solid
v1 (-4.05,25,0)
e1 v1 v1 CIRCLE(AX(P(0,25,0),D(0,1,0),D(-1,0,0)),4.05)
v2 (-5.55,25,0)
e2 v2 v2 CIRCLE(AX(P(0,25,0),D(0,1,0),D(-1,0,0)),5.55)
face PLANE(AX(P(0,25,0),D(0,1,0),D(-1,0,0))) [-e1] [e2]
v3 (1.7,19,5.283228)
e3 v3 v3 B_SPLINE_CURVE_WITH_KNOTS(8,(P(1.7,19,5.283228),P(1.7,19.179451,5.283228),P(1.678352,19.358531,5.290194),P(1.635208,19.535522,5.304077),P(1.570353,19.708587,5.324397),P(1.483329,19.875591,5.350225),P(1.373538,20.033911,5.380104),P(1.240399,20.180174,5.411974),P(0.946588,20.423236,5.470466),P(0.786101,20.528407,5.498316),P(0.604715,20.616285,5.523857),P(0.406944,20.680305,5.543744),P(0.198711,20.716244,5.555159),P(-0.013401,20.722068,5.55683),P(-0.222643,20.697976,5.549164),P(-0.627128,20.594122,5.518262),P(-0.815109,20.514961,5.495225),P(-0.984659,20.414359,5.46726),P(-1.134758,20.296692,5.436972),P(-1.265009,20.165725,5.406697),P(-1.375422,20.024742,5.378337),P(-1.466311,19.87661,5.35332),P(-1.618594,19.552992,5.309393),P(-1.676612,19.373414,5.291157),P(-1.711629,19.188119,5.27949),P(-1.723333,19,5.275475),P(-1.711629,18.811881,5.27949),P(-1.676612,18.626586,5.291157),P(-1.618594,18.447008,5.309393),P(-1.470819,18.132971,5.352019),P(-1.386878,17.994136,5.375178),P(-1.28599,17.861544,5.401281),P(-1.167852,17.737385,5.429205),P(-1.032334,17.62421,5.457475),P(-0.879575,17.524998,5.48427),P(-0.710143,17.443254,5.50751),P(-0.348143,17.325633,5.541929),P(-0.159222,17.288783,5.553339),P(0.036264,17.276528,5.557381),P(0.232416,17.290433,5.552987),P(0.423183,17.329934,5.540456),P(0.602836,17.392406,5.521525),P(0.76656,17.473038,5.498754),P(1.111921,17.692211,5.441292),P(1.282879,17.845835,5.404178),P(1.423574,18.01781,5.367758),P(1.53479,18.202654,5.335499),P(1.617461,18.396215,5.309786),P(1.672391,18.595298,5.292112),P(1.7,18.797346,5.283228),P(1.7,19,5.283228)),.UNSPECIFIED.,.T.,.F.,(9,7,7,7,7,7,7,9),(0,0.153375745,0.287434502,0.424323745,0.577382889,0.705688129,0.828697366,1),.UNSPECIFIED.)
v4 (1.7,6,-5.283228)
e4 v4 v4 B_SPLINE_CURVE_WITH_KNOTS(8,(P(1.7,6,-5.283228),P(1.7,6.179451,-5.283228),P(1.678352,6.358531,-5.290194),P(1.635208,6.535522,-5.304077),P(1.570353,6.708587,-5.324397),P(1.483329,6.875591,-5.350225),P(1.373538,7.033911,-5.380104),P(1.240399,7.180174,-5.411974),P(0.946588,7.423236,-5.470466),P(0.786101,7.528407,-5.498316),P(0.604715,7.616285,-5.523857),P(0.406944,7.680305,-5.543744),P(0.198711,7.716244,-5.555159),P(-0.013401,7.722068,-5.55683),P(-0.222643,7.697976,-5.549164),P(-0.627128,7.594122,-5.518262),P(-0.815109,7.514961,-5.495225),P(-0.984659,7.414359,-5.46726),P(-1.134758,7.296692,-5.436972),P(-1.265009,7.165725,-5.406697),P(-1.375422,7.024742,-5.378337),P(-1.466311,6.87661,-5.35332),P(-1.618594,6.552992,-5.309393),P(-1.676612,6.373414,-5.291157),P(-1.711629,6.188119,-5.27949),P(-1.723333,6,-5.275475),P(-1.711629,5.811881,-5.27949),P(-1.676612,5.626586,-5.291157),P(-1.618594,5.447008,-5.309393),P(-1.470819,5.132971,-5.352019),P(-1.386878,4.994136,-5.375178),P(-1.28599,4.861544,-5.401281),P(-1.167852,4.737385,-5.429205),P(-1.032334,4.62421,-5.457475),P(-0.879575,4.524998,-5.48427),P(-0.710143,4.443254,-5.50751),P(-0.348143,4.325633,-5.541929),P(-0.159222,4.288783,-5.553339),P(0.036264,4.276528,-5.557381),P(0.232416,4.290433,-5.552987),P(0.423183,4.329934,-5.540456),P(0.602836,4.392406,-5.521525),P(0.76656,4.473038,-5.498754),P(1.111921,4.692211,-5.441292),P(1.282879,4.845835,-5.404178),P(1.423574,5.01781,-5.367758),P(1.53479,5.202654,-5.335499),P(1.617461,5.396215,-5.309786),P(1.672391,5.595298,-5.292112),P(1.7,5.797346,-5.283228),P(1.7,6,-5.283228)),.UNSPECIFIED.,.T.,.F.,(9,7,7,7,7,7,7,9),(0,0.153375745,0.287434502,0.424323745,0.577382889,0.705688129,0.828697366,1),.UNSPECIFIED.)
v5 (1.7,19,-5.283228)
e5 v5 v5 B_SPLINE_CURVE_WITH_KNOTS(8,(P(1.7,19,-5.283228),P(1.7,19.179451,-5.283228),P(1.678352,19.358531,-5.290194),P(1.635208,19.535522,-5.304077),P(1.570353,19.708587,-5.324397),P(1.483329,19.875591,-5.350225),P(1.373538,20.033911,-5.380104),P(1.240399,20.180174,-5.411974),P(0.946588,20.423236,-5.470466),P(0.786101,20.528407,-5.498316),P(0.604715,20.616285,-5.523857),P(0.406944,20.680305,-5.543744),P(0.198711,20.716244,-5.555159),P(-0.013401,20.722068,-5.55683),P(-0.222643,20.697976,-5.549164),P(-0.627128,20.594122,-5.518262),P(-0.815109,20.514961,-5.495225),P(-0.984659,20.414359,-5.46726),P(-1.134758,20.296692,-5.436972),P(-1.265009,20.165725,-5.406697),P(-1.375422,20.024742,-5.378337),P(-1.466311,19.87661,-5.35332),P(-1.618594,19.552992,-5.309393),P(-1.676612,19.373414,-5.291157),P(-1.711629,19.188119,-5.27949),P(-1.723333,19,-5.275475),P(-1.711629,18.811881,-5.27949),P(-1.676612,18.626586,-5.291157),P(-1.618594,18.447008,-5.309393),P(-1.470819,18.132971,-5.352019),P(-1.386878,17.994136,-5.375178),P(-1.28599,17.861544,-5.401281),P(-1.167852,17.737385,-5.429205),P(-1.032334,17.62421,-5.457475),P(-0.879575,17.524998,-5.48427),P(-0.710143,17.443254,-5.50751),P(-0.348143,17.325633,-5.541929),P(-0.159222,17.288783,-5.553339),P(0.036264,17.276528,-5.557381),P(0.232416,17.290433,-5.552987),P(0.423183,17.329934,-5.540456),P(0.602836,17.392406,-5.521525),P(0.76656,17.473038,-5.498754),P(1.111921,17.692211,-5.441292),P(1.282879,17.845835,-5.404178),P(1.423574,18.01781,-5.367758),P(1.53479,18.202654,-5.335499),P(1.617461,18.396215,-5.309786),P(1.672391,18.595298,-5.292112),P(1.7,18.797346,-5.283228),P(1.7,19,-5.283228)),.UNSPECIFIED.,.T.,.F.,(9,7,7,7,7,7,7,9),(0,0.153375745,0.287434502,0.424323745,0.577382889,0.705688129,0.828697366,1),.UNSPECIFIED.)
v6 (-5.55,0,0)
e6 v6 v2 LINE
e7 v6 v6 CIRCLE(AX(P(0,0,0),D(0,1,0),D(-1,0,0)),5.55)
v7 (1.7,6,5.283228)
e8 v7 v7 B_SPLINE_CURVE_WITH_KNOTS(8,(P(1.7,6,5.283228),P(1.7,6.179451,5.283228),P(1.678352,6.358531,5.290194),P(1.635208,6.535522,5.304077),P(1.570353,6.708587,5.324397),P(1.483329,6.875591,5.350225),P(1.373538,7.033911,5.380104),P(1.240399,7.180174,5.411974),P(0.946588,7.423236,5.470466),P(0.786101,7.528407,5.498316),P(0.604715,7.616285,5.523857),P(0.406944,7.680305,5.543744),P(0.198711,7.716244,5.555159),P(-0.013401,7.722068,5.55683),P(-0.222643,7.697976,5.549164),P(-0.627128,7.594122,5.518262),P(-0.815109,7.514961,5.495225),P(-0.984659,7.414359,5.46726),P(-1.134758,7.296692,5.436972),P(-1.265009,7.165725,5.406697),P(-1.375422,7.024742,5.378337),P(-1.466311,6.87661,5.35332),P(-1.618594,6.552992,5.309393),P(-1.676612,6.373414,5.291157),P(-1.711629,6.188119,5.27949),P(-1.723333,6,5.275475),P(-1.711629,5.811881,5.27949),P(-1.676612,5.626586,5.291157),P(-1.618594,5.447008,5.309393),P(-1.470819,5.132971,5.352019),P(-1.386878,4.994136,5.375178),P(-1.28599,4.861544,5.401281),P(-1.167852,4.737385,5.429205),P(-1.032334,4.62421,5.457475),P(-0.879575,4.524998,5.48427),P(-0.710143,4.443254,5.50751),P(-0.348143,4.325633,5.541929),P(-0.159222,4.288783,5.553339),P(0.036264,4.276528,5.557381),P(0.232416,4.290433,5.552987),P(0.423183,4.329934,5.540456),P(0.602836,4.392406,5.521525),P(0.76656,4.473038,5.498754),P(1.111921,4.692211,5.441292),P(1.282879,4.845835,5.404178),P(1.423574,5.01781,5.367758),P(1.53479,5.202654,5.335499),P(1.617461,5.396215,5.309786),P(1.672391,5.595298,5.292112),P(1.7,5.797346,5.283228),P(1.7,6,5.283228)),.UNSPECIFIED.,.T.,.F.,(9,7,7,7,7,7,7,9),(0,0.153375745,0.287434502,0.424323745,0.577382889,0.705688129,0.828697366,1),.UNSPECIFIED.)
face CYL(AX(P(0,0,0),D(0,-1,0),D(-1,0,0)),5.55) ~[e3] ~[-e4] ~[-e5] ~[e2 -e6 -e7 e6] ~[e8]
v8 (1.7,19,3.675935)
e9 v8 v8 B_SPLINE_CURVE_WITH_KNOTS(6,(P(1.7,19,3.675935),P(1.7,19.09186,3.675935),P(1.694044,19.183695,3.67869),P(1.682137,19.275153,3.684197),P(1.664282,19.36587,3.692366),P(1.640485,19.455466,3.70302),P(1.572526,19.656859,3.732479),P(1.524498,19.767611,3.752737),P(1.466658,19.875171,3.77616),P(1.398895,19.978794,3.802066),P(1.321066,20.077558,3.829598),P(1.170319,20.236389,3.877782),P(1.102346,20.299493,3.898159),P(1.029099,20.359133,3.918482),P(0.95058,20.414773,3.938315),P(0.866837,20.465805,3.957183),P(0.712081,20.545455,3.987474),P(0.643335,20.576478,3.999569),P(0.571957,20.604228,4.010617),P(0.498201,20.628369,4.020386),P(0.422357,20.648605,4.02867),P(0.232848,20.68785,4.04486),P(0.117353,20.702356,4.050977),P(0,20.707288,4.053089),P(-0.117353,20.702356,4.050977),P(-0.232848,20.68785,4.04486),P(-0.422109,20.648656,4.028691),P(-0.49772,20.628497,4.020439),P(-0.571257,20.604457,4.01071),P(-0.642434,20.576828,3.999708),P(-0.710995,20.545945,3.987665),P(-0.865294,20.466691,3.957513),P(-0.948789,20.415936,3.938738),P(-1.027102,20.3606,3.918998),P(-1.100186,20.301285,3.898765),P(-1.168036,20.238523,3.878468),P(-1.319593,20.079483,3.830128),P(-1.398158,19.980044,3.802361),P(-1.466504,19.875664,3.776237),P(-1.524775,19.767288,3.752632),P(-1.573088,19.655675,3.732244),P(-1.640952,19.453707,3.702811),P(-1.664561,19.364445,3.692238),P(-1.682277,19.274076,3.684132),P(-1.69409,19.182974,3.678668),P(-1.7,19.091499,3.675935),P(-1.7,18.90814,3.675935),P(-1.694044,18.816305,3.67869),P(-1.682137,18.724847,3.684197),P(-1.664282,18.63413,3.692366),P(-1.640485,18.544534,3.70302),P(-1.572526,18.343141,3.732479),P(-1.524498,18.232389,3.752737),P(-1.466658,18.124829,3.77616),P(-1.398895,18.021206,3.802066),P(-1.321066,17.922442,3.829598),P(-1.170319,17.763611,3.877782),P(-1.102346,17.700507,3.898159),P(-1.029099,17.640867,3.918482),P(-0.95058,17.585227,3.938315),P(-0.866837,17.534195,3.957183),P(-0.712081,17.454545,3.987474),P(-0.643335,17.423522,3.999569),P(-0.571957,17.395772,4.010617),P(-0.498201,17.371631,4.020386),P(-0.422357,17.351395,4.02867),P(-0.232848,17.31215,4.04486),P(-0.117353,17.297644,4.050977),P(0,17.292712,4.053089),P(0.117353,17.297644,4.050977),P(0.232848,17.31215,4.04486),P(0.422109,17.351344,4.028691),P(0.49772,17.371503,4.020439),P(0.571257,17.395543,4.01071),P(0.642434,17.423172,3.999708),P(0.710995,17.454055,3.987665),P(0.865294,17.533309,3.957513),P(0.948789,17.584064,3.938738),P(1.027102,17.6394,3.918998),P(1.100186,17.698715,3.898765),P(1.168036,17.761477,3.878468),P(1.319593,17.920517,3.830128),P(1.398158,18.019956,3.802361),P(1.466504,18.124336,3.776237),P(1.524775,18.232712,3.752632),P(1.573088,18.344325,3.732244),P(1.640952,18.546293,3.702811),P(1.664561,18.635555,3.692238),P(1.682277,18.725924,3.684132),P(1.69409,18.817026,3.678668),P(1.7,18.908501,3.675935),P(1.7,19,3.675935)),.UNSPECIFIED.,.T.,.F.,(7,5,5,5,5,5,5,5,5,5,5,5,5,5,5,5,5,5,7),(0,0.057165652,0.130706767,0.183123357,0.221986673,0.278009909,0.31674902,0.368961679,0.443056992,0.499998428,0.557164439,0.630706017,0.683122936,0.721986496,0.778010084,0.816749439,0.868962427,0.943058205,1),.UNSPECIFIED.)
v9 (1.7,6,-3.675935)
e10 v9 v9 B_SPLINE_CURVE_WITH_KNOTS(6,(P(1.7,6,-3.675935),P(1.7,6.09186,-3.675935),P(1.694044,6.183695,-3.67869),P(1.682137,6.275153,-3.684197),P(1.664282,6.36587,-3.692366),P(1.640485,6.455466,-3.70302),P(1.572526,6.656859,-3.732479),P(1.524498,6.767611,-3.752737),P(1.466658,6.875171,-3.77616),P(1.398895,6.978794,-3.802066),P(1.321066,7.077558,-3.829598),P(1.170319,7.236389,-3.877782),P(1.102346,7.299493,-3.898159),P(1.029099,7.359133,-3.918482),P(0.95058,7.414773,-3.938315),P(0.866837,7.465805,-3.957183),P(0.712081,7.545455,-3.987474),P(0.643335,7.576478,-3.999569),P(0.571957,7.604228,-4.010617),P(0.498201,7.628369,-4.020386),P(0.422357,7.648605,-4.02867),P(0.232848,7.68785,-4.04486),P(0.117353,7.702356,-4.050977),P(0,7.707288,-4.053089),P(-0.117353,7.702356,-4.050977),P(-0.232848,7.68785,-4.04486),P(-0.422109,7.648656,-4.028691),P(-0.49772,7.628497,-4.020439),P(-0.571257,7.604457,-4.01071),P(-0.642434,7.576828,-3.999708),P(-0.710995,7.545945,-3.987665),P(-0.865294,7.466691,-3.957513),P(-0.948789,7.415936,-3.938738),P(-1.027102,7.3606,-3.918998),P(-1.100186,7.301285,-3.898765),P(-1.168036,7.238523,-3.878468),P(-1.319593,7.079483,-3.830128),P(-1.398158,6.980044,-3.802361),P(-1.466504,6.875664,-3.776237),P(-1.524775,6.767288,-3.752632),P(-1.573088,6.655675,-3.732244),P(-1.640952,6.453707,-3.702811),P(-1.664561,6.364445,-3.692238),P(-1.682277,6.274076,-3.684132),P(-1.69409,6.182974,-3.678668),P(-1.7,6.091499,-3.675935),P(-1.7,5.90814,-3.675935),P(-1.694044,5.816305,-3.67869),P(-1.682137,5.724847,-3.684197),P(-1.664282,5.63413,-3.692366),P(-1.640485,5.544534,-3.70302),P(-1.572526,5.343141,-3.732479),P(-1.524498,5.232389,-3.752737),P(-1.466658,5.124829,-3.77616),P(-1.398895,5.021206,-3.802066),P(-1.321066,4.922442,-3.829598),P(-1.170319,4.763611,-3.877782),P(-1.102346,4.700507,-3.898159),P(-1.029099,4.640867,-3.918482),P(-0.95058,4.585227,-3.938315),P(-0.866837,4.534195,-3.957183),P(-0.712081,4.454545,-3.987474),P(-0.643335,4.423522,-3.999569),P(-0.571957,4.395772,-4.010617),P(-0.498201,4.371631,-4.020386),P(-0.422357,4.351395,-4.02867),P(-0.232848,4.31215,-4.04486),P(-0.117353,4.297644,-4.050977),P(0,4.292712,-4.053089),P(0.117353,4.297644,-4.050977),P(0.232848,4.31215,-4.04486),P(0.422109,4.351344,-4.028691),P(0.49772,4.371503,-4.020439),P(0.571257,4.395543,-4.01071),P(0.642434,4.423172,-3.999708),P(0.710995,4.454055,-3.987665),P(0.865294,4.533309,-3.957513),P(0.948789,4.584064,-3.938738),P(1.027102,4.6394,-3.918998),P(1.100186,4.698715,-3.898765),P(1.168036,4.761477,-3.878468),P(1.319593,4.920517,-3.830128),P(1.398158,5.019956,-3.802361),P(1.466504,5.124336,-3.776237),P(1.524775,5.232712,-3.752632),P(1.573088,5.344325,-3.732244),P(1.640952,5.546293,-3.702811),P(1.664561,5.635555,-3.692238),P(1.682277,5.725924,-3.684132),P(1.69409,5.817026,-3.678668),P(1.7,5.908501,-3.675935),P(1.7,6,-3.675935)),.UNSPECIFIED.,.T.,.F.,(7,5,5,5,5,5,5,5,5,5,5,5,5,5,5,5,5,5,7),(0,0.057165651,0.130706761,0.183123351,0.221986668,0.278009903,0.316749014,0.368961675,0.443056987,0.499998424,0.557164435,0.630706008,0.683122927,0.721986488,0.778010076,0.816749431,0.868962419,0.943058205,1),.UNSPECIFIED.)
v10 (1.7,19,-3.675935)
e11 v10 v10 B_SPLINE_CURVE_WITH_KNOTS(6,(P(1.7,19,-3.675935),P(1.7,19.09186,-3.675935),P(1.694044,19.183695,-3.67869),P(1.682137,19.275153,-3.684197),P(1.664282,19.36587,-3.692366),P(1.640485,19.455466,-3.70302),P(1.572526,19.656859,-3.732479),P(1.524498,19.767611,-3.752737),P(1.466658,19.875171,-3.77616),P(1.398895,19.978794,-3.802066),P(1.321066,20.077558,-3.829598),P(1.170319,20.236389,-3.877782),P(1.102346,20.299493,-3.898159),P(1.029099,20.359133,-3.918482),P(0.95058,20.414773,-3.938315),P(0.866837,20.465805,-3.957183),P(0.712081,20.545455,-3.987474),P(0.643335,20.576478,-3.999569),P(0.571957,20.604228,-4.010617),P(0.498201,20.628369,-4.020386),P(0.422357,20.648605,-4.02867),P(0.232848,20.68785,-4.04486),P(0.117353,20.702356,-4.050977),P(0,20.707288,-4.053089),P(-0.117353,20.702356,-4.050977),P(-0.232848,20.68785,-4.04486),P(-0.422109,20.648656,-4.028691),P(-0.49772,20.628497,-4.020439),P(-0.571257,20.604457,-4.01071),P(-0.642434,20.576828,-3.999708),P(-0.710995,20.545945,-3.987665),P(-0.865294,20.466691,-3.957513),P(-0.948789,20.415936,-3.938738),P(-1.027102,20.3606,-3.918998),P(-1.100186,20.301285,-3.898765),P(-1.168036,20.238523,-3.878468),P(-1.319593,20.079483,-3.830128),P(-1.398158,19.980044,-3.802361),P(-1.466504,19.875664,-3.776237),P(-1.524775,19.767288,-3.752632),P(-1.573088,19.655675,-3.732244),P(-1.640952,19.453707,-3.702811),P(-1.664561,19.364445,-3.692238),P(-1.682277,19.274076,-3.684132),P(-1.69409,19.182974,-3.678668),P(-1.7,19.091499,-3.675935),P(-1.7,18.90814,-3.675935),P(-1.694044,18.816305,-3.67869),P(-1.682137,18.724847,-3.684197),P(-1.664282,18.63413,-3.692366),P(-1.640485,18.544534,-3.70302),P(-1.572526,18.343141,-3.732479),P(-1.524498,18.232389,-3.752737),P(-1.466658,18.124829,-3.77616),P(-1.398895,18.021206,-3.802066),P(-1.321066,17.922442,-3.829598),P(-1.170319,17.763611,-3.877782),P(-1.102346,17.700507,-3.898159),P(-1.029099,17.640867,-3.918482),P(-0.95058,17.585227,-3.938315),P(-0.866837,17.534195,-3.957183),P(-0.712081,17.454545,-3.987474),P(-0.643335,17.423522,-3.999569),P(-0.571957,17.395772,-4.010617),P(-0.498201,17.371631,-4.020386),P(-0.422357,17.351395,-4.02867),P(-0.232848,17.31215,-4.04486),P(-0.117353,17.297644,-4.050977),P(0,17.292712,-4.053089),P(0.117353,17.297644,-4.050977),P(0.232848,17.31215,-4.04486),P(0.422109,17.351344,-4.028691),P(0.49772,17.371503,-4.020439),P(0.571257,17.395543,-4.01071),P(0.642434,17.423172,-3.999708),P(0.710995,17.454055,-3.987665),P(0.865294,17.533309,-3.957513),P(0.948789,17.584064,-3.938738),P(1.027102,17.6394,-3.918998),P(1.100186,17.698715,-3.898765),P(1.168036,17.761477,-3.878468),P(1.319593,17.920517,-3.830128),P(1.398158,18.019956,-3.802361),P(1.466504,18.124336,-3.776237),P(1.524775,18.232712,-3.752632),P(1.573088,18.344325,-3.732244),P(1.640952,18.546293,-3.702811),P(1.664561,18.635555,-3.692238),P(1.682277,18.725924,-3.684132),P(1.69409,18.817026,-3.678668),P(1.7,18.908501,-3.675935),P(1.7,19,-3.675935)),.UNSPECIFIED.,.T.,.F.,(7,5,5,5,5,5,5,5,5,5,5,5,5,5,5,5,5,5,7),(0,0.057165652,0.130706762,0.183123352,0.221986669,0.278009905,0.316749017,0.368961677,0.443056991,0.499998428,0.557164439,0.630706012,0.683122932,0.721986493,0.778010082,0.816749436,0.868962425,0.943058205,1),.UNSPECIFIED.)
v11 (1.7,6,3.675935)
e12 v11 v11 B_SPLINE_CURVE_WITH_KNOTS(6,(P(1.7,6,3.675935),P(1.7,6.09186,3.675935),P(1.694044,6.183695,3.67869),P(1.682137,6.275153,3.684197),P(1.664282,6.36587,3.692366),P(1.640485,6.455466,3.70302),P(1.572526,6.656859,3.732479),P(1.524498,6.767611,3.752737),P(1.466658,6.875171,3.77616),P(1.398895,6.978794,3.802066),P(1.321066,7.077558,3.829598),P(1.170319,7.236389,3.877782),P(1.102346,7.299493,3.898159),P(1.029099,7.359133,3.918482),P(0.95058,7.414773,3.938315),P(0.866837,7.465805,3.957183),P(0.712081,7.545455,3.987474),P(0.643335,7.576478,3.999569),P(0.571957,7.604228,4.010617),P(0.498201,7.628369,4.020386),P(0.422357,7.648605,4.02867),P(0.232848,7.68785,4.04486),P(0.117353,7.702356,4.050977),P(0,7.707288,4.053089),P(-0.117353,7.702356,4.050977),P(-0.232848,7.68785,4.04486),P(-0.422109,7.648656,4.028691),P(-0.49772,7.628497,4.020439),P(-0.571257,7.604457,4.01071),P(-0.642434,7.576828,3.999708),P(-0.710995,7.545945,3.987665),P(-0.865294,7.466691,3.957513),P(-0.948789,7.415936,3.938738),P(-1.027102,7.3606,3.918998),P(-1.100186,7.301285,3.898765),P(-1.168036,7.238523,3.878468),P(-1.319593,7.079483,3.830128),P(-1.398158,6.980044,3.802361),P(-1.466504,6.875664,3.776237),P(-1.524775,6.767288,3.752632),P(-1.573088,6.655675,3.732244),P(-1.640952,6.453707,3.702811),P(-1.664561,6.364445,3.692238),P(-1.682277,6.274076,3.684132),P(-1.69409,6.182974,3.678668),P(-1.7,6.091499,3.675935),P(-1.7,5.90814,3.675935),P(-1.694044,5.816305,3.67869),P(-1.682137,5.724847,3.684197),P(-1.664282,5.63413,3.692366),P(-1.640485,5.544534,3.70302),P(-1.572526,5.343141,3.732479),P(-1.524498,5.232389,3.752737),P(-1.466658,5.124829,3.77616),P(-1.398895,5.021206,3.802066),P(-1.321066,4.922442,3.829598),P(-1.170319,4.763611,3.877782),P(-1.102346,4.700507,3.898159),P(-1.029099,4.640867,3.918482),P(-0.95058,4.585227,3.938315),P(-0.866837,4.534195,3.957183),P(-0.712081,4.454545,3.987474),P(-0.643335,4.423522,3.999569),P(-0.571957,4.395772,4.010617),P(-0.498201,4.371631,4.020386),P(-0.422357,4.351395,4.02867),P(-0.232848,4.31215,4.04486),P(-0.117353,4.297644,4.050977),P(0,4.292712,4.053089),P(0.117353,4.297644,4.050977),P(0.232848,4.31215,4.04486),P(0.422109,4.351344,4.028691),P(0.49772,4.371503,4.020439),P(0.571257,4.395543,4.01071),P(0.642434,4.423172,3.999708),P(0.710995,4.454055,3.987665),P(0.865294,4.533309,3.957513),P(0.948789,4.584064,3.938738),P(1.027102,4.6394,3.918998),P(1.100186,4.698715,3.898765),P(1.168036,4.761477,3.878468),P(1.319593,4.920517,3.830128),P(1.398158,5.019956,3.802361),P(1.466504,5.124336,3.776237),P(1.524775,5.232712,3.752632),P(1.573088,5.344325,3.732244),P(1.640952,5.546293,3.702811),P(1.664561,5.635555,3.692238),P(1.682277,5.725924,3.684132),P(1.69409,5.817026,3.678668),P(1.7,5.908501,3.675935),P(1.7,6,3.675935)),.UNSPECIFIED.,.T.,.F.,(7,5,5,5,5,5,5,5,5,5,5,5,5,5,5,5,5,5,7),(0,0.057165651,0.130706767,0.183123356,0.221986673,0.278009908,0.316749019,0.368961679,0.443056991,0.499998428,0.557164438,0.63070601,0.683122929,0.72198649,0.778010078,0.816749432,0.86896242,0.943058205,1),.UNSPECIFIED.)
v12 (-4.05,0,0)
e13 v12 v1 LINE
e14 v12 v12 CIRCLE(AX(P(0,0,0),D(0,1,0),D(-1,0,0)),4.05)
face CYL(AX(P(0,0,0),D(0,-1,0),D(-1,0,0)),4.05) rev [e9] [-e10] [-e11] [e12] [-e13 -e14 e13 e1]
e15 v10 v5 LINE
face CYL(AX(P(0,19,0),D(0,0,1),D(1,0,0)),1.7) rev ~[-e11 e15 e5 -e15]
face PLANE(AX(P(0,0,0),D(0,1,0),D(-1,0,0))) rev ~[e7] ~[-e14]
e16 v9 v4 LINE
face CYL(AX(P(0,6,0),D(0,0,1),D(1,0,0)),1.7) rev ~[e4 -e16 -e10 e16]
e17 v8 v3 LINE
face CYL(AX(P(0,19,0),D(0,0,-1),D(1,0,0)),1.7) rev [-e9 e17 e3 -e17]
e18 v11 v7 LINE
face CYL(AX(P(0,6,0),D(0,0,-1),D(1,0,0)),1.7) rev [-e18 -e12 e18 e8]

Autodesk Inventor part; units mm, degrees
ref_plane "YZ Plane" through (0, 0, 0) normal (1, 0, 0) x (0, 1, 0)
ref_plane "XZ Plane" through (0, 0, 0) normal (0, 1, 0) x (-1, 0, 0)
ref_plane "XY Plane" through (0, 0, 0) normal (0, 0, 1) x (1, 0, 0)
sketch "Sketch1" plane through (0, 0, 0) normal (0, 1, 0) x (-1, 0, 0)
  circle A0 centre (0, 0) radius 5.55
  circle A1 centre (0, 0) radius 4.05
  dimension "d0" = 11.1
  dimension "d1" = 8.1
extrude "Extrusion1" add sketch "Sketch1" along normal blind 25
sketch "Sketch2" plane through (0, 0, 0) normal (0, 0, 1) x (1, 0, 0)
  line L0 (5.55, 25) -> (-5.55, 25) projected
  line L1 (5.55, 0) -> (-5.55, 0) projected
  circle A0 centre (0, 6) radius 1.7
  line L2 (5.55, 0) -> (-5.55, 0) projected
  line L3 (-4.05, 25) -> (-4.05, 0) projected
  circle A1 centre (0, 19) radius 1.7
  point P0 (0, 0)
  point P1 (0, 25)
  dimension "d4" = 3.4
  dimension "d5" = 6
  dimension "d6" = 3.4
  dimension "d7" = 6
extrude "Extrusion2" cut sketch "Sketch2" along normal mid plane 25
properties part number "ACOMPLE_PLASTICO" material "Steel, Mild, Welded"
